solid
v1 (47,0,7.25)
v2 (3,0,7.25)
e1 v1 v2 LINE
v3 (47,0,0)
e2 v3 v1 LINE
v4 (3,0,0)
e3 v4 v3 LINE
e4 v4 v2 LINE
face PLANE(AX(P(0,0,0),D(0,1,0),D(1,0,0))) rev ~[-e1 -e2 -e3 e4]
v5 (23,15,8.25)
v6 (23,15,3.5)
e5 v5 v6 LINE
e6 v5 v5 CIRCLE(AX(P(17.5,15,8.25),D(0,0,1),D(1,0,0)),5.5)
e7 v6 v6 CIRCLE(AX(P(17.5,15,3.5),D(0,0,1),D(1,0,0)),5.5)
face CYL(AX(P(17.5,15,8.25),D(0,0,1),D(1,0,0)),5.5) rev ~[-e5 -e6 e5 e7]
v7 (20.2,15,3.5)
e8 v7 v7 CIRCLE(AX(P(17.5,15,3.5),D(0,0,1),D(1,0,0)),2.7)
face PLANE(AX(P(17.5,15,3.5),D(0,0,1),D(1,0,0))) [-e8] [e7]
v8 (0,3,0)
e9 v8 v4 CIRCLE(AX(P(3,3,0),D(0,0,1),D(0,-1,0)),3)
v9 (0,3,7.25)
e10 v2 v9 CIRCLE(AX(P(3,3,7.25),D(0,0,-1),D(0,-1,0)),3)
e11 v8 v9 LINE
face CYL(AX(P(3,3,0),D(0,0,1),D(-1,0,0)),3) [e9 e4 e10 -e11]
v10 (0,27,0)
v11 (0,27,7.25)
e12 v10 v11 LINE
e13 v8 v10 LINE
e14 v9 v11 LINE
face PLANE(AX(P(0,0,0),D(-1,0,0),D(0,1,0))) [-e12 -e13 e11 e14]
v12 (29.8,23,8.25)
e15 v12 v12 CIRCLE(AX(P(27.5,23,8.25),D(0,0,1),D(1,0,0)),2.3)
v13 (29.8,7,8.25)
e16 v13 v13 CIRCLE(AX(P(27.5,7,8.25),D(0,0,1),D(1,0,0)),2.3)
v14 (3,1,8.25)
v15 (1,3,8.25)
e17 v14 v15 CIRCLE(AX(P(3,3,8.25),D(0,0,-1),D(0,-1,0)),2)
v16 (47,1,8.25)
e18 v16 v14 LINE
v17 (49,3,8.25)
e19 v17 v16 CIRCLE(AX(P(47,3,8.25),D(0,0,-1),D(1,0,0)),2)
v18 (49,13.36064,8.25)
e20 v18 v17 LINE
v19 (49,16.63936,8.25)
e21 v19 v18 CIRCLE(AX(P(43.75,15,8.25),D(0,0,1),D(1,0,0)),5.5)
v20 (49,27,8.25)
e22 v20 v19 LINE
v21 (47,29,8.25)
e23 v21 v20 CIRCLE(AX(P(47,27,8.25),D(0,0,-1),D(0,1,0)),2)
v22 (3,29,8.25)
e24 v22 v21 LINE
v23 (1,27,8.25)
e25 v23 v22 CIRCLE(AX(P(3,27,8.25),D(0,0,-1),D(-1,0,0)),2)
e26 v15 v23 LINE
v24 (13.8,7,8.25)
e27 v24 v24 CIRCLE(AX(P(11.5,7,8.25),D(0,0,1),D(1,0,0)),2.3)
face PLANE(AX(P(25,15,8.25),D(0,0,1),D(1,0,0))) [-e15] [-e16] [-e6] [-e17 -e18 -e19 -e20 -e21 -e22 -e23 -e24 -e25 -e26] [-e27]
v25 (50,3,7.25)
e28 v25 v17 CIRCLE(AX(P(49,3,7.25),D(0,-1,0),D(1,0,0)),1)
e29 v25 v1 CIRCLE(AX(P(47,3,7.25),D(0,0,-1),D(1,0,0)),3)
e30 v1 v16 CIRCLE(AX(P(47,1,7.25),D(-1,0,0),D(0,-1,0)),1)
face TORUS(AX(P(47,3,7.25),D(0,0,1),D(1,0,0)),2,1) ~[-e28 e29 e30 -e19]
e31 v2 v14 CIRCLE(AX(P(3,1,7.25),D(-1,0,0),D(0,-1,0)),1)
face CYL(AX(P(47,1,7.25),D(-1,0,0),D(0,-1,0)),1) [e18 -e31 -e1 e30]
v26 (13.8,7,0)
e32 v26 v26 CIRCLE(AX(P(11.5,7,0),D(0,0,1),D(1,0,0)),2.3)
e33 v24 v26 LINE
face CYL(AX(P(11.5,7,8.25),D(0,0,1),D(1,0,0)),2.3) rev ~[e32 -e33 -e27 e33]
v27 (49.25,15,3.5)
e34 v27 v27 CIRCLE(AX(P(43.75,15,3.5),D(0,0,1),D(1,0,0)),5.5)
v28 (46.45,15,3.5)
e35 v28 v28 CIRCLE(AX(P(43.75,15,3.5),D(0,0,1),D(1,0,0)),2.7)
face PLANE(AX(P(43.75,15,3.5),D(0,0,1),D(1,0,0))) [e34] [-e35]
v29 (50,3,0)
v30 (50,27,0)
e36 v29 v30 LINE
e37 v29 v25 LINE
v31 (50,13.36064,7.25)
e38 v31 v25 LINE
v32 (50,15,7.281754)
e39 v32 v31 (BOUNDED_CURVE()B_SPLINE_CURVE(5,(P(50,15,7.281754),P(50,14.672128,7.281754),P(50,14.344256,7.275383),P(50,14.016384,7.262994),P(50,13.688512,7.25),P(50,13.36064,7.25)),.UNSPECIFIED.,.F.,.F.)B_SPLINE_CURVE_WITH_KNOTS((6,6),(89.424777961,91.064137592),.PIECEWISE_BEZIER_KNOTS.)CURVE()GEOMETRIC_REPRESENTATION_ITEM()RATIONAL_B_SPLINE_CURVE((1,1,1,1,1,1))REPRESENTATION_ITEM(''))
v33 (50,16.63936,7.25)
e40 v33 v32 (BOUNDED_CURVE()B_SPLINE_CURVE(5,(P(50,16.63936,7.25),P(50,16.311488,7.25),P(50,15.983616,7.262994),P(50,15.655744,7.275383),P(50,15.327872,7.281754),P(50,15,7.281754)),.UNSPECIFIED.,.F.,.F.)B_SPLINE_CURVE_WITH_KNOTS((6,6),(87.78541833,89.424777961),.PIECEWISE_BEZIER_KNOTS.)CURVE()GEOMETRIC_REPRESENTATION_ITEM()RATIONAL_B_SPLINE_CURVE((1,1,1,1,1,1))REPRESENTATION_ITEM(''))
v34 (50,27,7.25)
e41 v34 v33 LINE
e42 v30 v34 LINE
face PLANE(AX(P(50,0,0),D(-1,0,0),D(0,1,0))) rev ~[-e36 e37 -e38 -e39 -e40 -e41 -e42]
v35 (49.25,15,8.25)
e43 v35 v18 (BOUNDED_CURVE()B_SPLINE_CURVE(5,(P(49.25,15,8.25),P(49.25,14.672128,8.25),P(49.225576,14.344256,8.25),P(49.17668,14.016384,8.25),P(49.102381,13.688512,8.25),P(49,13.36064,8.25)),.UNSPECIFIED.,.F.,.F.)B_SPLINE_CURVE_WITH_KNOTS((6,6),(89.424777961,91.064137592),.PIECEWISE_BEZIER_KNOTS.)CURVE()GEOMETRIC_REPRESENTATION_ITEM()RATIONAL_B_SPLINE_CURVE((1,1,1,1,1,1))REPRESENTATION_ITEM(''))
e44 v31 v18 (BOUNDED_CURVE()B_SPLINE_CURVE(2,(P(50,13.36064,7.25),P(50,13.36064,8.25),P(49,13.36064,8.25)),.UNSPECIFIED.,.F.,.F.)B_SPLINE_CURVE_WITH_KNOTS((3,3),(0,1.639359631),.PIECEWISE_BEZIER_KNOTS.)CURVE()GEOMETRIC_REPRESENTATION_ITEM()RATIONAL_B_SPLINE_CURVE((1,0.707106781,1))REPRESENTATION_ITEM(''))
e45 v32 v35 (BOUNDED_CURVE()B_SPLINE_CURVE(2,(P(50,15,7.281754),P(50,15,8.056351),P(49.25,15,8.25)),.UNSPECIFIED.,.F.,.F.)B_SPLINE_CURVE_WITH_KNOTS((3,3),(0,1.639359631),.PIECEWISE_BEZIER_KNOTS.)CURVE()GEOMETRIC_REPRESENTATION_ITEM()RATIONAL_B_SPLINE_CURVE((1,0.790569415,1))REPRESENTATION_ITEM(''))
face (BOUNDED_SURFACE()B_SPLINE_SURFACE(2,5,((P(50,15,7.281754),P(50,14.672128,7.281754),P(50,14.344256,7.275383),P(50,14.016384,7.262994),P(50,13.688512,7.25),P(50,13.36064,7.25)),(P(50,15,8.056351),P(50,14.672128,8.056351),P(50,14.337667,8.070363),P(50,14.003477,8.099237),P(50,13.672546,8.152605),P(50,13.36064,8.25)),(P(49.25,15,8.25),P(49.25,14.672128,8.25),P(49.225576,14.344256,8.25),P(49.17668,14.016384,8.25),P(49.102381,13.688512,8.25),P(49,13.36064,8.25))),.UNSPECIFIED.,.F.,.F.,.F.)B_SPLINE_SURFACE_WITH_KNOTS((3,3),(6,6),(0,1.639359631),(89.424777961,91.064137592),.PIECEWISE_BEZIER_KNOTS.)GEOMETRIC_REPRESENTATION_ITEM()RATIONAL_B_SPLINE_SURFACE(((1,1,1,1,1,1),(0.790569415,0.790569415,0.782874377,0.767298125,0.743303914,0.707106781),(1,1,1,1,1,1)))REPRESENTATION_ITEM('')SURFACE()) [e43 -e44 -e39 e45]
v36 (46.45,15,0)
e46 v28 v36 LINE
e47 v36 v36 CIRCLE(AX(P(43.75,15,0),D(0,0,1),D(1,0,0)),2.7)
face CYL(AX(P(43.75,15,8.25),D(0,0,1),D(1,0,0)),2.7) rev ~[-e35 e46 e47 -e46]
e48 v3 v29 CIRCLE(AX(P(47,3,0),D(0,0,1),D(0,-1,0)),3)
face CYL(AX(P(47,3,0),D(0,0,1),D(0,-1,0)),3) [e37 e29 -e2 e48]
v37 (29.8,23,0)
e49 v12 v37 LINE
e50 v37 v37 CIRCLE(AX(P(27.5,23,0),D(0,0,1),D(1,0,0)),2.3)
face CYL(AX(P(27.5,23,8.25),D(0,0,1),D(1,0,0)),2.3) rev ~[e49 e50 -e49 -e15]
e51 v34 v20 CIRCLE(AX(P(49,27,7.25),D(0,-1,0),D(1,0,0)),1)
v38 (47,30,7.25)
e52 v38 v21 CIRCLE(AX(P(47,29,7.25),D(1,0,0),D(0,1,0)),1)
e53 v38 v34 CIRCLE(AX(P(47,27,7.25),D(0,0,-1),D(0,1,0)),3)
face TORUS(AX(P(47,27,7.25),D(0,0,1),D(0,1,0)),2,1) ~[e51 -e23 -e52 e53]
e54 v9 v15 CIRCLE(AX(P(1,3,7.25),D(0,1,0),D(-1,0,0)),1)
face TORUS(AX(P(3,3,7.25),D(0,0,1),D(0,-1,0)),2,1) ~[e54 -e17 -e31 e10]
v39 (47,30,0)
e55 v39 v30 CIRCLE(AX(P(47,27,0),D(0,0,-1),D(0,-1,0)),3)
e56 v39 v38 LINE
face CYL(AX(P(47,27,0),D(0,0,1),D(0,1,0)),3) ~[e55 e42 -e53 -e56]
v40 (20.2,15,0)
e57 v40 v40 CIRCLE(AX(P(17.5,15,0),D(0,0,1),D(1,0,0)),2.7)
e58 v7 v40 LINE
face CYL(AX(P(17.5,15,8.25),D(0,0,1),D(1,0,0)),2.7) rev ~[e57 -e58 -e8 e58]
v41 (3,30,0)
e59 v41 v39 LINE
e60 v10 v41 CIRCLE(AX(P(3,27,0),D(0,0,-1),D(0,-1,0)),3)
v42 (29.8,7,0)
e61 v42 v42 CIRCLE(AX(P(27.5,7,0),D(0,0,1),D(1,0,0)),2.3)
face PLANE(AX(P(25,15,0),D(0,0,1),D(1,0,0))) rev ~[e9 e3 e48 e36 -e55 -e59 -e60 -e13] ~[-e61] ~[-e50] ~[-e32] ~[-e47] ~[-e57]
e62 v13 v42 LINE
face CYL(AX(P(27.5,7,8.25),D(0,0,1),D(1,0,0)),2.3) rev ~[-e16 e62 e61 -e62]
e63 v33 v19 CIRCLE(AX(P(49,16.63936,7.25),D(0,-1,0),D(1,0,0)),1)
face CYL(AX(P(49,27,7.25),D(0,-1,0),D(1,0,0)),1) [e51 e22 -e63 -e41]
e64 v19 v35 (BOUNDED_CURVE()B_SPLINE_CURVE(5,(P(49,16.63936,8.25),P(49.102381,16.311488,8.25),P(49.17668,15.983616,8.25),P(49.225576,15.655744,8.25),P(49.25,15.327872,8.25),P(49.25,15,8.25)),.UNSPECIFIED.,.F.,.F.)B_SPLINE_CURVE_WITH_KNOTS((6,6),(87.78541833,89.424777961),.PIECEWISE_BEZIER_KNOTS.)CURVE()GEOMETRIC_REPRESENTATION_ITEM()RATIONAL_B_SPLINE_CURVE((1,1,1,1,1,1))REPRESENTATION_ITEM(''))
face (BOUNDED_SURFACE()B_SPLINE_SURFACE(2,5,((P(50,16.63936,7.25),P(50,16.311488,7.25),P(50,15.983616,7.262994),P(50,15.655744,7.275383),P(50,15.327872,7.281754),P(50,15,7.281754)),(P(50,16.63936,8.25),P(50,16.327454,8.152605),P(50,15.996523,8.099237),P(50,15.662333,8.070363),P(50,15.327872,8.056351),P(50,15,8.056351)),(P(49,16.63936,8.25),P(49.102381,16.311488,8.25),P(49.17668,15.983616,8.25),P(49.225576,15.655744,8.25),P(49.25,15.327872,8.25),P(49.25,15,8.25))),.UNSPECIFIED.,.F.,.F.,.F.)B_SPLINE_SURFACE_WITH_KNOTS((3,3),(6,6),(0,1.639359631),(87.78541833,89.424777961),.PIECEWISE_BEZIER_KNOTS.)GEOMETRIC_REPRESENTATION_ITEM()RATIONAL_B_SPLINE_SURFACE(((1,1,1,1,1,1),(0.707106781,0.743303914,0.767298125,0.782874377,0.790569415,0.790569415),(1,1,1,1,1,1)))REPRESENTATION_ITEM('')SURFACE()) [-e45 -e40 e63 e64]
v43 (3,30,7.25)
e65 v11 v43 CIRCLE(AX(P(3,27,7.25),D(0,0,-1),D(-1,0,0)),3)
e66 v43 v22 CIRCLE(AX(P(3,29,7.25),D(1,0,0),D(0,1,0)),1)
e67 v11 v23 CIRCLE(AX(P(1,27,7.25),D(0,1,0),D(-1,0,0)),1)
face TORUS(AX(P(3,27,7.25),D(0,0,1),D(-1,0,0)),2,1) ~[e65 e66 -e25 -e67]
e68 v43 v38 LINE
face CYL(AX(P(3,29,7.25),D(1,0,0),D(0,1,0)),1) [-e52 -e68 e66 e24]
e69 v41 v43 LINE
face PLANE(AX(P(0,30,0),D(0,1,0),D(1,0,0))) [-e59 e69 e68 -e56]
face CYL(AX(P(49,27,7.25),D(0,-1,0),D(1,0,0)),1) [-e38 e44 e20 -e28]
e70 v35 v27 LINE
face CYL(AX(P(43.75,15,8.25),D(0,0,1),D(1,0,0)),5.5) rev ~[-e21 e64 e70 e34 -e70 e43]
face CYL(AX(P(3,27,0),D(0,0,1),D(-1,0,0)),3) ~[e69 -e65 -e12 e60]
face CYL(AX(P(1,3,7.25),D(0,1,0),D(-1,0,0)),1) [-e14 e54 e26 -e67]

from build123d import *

# Parameters (mm, degrees)
SKETCH_W        = 50
SKETCH_H        = 30
PAD_DEPTH       = 8.25
SKETCH001_R     = 2.3
POCKET_DEPTH    = 8.251
SKETCH002_R     = 2.7
POCKET001_DEPTH = 8.251
SKETCH003_R     = 5.5
POCKET002_DEPTH = 4.75
FILLET_R        = 3
FILLET001_R     = 1


with BuildPart() as part:
    # Sketch → Pad (new body)
    with BuildSketch(Plane.XY):
        with Locations((25, 15)):
            Rectangle(SKETCH_W, SKETCH_H)
    extrude(amount=PAD_DEPTH)

    # Sketch001 (on Face6 of Pad) → Pocket (cut, through all)
    with BuildSketch(Plane.XY.offset(8.25)):
        with Locations((27.5, 23)):
            Circle(SKETCH001_R)
        with Locations((27.5, 7)):
            Circle(SKETCH001_R)
        with Locations((11.5, 7)):
            Circle(SKETCH001_R)
    extrude(amount=-POCKET_DEPTH, mode=Mode.SUBTRACT)

    # Sketch002 (on Face5 of Pocket) → Pocket001 (cut, through all)
    with BuildSketch(Plane.XY.offset(8.25)):
        with Locations((17.5, 15)):
            Circle(SKETCH002_R)
        with Locations((43.75, 15)):
            Circle(SKETCH002_R)
    extrude(amount=-POCKET001_DEPTH, mode=Mode.SUBTRACT)

    # Sketch003 (on Face5 of Pocket001) → Pocket002 (cut)
    with BuildSketch(Plane.XY.offset(8.25)):
        with Locations((43.75, 15)):
            Circle(SKETCH003_R)
        with Locations((17.5, 15)):
            Circle(SKETCH003_R)
    extrude(amount=-POCKET002_DEPTH, mode=Mode.SUBTRACT)

    # Fillet
    fillet_edges = [part.edges().sort_by_distance(p)[0] for p in [
        (50, 0, 4.125),
        (50, 30, 4.125),
        (0, 30, 4.125),
        (0, 0, 4.125),
    ]]
    fillet(fillet_edges, radius=FILLET_R)

    # Fillet001
    fillet001_edges = [part.edges().sort_by_distance(p)[0] for p in [
        (0, 15, 8.25),
        (0.87868, 29.12132, 8.25),
        (25, 30, 8.25),
        (49.12132, 29.12132, 8.25),
        (50, 15, 8.25),
        (49.12132, 0.87868, 8.25),
        (25, 0, 8.25),
        (0.87868, 0.87868, 8.25),
    ]]
    fillet(fillet001_edges, radius=FILLET001_R)


solid = part.part
